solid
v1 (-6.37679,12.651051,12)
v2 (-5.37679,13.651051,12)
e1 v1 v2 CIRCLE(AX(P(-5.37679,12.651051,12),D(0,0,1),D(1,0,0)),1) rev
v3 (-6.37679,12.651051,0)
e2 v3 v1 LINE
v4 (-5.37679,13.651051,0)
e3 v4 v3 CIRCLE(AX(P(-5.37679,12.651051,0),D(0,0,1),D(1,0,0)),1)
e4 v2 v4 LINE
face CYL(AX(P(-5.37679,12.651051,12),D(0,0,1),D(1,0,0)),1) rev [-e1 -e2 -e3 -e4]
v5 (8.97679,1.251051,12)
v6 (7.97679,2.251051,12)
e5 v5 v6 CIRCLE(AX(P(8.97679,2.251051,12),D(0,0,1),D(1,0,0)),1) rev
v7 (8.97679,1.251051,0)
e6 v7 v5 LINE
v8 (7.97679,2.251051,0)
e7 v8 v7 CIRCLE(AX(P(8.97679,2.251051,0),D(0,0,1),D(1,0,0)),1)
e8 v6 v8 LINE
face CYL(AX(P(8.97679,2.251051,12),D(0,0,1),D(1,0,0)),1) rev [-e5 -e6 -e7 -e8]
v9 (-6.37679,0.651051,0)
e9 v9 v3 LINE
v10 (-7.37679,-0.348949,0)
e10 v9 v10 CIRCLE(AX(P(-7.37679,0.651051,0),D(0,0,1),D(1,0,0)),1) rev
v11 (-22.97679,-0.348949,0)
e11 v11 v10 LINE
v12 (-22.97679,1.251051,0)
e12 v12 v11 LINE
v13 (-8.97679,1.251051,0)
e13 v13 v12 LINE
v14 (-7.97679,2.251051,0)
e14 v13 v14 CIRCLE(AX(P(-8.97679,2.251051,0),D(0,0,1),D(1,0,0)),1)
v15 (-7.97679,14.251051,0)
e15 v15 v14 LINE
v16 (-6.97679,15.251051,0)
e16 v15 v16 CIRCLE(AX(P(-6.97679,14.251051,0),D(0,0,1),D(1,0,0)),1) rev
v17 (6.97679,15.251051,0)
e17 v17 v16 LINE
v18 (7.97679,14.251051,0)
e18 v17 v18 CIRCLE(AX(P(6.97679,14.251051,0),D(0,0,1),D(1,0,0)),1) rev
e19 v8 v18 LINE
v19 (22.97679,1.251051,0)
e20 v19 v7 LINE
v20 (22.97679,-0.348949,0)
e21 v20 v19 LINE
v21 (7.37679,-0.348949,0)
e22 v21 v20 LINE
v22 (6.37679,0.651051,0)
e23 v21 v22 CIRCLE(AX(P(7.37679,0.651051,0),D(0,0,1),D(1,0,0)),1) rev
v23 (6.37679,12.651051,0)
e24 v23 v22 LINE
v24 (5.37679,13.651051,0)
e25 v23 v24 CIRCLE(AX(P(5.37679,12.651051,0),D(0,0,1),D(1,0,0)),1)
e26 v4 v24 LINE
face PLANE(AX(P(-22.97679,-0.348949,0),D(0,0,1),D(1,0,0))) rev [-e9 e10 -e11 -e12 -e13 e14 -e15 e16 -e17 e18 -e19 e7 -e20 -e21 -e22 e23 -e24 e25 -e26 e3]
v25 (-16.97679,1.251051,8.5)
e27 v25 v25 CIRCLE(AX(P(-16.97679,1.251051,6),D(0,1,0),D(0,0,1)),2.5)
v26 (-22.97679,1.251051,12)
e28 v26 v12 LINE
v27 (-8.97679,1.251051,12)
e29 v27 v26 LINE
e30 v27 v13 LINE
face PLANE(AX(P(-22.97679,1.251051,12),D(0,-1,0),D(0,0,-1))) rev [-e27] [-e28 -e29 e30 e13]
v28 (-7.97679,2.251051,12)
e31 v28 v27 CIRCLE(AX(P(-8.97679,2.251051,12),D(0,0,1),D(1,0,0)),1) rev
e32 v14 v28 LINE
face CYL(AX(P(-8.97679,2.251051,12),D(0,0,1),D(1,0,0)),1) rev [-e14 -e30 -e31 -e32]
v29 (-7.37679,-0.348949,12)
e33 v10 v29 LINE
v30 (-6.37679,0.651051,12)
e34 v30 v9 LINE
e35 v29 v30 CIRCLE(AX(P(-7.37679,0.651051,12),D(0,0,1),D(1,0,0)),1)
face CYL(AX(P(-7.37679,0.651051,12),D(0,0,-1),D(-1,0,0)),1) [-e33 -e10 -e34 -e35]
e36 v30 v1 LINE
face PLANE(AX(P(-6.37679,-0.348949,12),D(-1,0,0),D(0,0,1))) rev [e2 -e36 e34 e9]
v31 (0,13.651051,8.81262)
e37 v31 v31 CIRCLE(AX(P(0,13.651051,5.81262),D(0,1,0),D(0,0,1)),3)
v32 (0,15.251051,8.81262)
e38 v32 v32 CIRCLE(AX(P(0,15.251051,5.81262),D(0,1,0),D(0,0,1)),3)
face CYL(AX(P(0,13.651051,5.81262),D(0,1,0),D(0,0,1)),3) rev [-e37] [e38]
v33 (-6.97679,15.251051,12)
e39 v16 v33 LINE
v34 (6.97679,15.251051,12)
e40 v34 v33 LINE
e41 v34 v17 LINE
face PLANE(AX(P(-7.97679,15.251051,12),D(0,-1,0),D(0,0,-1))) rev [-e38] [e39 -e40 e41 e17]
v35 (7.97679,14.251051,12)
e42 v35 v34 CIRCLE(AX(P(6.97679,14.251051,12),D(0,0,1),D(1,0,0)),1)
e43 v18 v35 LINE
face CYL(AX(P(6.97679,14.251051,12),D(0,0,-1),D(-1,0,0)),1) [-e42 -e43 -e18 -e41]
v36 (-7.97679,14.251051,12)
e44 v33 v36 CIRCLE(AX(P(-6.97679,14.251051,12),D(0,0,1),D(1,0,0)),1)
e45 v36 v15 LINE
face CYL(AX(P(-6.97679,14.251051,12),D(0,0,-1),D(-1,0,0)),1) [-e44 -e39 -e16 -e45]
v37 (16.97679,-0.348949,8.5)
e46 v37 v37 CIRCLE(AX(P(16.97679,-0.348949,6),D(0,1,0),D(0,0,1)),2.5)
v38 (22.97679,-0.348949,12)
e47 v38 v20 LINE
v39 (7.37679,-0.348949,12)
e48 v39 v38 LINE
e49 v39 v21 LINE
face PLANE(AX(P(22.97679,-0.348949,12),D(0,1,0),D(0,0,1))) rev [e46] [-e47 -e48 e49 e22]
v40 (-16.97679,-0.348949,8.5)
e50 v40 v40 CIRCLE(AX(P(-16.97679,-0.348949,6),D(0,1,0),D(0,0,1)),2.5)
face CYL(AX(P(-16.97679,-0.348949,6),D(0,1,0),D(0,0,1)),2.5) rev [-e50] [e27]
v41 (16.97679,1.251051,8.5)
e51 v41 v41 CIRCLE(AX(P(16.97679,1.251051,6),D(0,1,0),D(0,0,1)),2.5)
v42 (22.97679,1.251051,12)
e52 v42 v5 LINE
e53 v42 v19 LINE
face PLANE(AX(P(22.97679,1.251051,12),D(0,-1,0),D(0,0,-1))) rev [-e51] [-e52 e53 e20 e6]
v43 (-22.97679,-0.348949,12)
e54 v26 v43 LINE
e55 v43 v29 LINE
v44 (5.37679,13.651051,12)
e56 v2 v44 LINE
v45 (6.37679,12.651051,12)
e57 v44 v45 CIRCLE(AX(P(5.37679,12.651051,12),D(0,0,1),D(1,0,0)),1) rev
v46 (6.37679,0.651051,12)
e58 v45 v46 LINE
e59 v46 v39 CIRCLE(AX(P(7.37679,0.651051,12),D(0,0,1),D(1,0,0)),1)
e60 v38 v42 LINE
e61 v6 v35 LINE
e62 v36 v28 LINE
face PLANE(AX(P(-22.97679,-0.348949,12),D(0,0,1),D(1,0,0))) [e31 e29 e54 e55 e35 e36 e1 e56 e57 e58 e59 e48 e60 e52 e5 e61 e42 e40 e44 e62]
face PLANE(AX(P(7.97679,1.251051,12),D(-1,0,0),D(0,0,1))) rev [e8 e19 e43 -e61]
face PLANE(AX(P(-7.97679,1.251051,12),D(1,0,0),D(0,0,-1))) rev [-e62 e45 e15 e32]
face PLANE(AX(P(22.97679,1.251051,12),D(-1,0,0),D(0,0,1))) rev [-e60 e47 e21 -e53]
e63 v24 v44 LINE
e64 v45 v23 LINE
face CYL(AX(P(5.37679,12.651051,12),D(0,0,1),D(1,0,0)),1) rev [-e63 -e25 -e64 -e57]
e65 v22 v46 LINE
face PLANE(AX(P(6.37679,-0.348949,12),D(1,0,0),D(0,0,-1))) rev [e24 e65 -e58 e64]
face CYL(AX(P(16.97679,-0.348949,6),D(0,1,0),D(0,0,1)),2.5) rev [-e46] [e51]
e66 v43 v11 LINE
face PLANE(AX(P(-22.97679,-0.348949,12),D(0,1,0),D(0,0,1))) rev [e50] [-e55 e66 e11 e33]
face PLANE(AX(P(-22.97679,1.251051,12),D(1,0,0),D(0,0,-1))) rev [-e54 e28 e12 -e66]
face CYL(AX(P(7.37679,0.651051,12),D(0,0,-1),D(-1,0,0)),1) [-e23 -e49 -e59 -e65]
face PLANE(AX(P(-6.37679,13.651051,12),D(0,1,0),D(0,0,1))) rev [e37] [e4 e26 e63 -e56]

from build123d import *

# Parameters (mm, degrees)
BOSS_EXTRUDE1_DEPTH = 12
SKETCH2_R           = 2.5
CUT_EXTRUDE2_DEPTH  = 1.6
SKETCH3_R           = 3
CUT_EXTRUDE3_DEPTH  = 1.6
FILLET2_R           = 1
FILLET3_R           = 1
FILLET4_R           = 1
FILLET5_R           = 1
FILLET6_R           = 1
FILLET7_R           = 1
FILLET8_R           = 1
FILLET9_R           = 1


with BuildPart() as part:
    # Sketch1 → Boss-Extrude1 (new body)
    with BuildSketch(Plane.XY):
        Polygon((-22.976789636, 1.251050745), (-7.976789636, 1.251050745), (-7.976789636, 15.251050745), (7.976789636, 15.251050745), (7.976789636, 1.251050745), (22.976789636, 1.251050745), (22.976789636, -0.348949255), (6.376789636, -0.348949255), (6.376789636, 13.651050745), (-6.376789636, 13.651050745), (-6.376789636, -0.348949255), (-22.976789636, -0.348949255), align=None)
    extrude(amount=BOSS_EXTRUDE1_DEPTH)

    # Sketch2 → Cut-Extrude2 (cut)
    with BuildSketch(Plane(origin=(0, 1.251050745, 0), x_dir=(1, 0, 0), z_dir=(0, 1, 0))):
        with Locations(Location((-16.976789636, -6, 0), (0, 0, 270))):  # turned: the seam where the file's is
            Circle(SKETCH2_R)
        with Locations(Location((16.976789636, -6, 0), (0, 0, 270))):  # turned: the seam where the file's is
            Circle(SKETCH2_R)
    extrude(amount=-CUT_EXTRUDE2_DEPTH, mode=Mode.SUBTRACT)

    # Sketch3 → Cut-Extrude3 (cut)
    with BuildSketch(Plane(origin=(0, 15.251050745, 0), x_dir=(1, 0, 0), z_dir=(0, 1, 0))):
        with Locations(Location((0, -5.812620311, 0), (0, 0, 270))):  # turned: the seam where the file's is
            Circle(SKETCH3_R)
    extrude(amount=-CUT_EXTRUDE3_DEPTH, mode=Mode.SUBTRACT)

    # Fillet2
    fillet2_edges = [part.edges().sort_by_distance(p)[0] for p in [
        (-7.976789636, 15.251050745, 6),
    ]]
    fillet(fillet2_edges, radius=FILLET2_R)

    # Fillet3
    fillet3_edges = [part.edges().sort_by_distance(p)[0] for p in [
        (7.976789636, 15.251050745, 6),
    ]]
    fillet(fillet3_edges, radius=FILLET3_R)

    # Fillet4
    fillet4_edges = [part.edges().sort_by_distance(p)[0] for p in [
        (-6.376789636, 13.651050745, 6),
    ]]
    fillet(fillet4_edges, radius=FILLET4_R)

    # Fillet5
    fillet5_edges = [part.edges().sort_by_distance(p)[0] for p in [
        (-6.376789636, -0.348949255, 6),
    ]]
    fillet(fillet5_edges, radius=FILLET5_R)

    # Fillet6
    fillet6_edges = [part.edges().sort_by_distance(p)[0] for p in [
        (6.376789636, -0.348949255, 6),
    ]]
    fillet(fillet6_edges, radius=FILLET6_R)

    # Fillet7
    fillet7_edges = [part.edges().sort_by_distance(p)[0] for p in [
        (6.376789636, 13.651050745, 6),
    ]]
    fillet(fillet7_edges, radius=FILLET7_R)

    # Fillet8
    fillet8_edges = [part.edges().sort_by_distance(p)[0] for p in [
        (-7.976789636, 1.251050745, 6),
    ]]
    fillet(fillet8_edges, radius=FILLET8_R)

    # Fillet9
    fillet9_edges = [part.edges().sort_by_distance(p)[0] for p in [
        (7.976789636, 1.251050745, 6),
    ]]
    fillet(fillet9_edges, radius=FILLET9_R)


solid = part.part
